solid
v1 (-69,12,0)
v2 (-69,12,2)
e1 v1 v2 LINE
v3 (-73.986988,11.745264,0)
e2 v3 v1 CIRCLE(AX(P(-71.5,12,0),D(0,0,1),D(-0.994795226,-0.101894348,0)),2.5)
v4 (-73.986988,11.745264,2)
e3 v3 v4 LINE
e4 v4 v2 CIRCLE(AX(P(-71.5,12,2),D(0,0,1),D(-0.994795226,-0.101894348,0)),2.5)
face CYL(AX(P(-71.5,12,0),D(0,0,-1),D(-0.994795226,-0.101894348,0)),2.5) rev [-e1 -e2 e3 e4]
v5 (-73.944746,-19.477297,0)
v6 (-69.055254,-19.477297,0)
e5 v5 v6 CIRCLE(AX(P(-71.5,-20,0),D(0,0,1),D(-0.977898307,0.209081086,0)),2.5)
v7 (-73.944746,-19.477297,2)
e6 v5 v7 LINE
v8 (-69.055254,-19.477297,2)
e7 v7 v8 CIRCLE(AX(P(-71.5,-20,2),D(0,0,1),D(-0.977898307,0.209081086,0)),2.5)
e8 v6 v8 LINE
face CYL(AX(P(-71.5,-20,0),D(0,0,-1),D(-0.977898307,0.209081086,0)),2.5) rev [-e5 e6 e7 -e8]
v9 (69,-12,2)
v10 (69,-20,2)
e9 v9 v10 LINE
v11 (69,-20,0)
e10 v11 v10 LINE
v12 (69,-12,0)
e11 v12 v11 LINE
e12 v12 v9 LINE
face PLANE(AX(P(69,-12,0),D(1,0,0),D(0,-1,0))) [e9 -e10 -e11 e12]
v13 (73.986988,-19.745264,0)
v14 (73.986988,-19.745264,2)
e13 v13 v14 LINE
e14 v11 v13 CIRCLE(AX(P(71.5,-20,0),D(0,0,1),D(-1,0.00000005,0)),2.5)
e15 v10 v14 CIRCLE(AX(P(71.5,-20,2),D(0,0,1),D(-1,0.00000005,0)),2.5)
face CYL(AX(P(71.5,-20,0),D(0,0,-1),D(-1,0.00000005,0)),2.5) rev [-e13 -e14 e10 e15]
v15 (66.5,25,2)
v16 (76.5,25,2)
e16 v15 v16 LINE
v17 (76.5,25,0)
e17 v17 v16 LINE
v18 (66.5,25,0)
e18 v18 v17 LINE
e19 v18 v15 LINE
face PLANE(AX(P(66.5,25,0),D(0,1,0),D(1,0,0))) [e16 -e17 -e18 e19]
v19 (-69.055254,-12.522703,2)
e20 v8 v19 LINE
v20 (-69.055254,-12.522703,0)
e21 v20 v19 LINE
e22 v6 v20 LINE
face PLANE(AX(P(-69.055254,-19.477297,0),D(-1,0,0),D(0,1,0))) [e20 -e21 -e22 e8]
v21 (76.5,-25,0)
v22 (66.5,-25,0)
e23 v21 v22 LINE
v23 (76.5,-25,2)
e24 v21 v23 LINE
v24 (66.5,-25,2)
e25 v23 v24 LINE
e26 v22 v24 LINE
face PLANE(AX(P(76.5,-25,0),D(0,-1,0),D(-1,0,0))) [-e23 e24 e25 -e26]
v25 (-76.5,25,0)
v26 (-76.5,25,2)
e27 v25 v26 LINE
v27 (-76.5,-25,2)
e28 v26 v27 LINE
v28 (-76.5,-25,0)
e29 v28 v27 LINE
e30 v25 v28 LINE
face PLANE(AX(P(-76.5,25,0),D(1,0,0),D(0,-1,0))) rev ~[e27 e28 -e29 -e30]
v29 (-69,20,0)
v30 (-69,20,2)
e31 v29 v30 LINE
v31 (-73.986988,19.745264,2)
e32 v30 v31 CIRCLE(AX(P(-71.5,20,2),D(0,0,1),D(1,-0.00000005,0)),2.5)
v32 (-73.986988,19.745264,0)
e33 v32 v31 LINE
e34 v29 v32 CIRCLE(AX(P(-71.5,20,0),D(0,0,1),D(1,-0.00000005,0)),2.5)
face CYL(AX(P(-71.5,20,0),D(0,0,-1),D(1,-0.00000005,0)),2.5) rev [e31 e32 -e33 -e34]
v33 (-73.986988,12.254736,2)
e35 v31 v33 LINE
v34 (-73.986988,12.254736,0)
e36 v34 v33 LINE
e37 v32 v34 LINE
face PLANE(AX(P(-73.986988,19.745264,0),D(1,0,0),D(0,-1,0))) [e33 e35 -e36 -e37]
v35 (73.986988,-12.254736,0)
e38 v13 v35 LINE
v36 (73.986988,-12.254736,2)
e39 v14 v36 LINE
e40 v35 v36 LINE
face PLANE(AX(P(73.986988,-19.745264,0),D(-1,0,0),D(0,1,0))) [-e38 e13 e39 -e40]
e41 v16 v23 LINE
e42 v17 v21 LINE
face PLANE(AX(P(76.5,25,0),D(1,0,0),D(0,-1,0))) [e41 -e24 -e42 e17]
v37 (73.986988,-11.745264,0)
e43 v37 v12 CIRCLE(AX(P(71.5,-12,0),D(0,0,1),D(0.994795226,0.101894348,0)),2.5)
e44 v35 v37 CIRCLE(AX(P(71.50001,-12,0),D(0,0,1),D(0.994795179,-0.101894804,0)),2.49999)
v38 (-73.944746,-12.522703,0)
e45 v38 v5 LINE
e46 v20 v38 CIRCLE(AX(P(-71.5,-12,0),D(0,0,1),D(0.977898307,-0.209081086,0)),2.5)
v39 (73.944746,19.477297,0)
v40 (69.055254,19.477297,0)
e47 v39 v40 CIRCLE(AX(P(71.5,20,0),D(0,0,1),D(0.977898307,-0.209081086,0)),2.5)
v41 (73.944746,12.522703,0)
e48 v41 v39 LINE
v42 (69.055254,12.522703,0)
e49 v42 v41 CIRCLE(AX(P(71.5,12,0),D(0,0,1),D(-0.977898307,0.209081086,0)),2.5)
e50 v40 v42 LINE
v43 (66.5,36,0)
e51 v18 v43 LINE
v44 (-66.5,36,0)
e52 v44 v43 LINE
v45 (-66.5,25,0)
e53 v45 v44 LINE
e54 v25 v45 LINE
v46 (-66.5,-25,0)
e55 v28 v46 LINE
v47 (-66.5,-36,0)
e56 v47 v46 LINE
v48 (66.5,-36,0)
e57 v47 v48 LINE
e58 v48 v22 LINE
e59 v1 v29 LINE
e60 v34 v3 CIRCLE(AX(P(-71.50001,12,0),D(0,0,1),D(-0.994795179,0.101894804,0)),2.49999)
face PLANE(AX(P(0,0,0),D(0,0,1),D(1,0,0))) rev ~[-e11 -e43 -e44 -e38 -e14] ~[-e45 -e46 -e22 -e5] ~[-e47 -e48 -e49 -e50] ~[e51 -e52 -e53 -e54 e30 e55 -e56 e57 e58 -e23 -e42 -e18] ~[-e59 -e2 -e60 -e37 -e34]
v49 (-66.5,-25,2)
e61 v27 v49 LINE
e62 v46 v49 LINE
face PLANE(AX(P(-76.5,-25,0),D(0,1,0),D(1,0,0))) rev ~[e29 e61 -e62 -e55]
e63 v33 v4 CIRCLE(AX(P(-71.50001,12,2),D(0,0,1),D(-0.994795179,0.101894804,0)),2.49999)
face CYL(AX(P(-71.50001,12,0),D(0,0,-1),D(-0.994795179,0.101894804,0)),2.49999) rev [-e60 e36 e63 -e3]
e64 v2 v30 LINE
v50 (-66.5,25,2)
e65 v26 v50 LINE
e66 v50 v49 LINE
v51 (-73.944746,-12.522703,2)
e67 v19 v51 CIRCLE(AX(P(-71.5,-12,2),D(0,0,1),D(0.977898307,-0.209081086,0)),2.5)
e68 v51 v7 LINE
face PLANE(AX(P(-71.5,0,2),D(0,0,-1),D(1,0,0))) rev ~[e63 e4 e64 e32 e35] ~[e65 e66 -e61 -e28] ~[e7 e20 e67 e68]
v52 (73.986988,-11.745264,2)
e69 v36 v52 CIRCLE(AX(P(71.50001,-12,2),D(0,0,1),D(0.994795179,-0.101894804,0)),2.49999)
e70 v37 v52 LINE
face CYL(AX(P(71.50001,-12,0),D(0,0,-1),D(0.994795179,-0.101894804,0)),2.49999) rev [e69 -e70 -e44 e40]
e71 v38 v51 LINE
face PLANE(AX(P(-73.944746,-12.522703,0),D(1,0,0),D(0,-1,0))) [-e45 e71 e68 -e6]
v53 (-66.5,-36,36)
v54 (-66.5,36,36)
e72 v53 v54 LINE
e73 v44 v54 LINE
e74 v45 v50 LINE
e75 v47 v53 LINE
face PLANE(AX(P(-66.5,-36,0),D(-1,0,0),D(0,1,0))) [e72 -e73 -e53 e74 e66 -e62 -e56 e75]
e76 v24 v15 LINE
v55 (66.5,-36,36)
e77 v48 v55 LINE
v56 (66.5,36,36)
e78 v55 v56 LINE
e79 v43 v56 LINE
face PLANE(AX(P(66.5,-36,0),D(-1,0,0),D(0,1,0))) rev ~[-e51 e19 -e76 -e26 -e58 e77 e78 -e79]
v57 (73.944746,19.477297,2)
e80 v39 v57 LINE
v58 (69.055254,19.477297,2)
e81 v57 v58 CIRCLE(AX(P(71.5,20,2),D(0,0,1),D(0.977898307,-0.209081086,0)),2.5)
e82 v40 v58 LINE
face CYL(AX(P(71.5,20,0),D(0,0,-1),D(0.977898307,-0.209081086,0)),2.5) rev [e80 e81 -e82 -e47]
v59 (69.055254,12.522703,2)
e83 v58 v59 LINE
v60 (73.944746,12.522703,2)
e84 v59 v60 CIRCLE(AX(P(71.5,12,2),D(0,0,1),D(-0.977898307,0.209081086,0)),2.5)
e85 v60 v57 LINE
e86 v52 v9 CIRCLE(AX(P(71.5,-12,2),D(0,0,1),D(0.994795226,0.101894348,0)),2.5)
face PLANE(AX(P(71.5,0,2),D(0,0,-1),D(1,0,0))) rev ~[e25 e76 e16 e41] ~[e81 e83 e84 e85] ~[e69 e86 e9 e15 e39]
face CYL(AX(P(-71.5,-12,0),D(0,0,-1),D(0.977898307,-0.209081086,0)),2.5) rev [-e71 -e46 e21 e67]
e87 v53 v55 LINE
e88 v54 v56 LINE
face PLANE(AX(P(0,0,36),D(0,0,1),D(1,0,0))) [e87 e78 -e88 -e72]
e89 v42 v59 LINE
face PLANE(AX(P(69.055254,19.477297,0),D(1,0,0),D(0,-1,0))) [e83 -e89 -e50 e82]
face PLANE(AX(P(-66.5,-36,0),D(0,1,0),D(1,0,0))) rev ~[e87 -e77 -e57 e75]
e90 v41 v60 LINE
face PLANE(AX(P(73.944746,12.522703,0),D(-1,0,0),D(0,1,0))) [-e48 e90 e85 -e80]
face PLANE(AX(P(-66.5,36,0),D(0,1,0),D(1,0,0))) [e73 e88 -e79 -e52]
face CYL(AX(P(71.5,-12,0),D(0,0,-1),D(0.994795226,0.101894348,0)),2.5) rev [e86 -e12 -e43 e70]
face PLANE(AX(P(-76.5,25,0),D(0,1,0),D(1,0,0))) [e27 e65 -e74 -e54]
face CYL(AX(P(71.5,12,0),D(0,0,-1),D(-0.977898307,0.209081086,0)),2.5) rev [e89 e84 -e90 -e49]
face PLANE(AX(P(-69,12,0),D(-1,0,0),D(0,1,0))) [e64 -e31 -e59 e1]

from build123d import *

# Parameters (mm, degrees)
F0_W     = 133
F0_H     = 72
F1_DEPTH = 36
F2_W     = 10
F2_H     = 50
F3_DEPTH = 2
F5_DEPTH = 2


with BuildPart() as f1:
    # F0 (on Top) → F1 (new body)
    with BuildSketch(Plane.XY):
        Rectangle(F0_W, F0_H)
    extrude(amount=F1_DEPTH)

    # F2 (on face) → F3 (join)
    with BuildSketch(Plane(origin=(0, 0, 0), x_dir=(1, 0, 0), z_dir=(0, 0, -1))):
        with Locations((-71.5, 0)):
            Rectangle(F2_W, F2_H)
        with BuildLine():
            ThreePointArc((-69, -20), (-71.627534, -22.496745), (-73.986988, -19.745264))
            Line((-73.986988, -19.745264), (-73.986988, -12.254736))
            ThreePointArc((-73.986988, -12.254736), (-74, -12), (-73.986988, -11.745264))
            ThreePointArc((-73.986988, -11.745264), (-71.372466, -9.503255), (-69, -12))
            Line((-69, -12), (-69, -20))
        make_face(mode=Mode.SUBTRACT)
        with BuildLine():
            ThreePointArc((-73.944746, 19.477297), (-71.5, 22.5), (-69.055254, 19.477297))
            Line((-69.055254, 19.477297), (-69.055254, 12.522703))
            ThreePointArc((-69.055254, 12.522703), (-71.5, 9.5), (-73.944746, 12.522703))
            Line((-73.944746, 12.522703), (-73.944746, 19.477297))
        make_face(mode=Mode.SUBTRACT)
    extrude(amount=-F3_DEPTH)

    # F4 (on face) → F5 (join)
    with BuildSketch(Plane(origin=(0, 0, 0), x_dir=(1, 0, 0), z_dir=(0, 0, -1))):
        Polygon((66.5, 0), (66.5, -25), (76.5, -25), (76.5, 25), (66.5, 25), align=None)
        with BuildLine():
            ThreePointArc((73.944746, -19.477297), (71.5, -22.5), (69.055254, -19.477297))
            Line((69.055254, -19.477297), (69.055254, -12.522703))
            ThreePointArc((69.055254, -12.522703), (71.5, -9.5), (73.944746, -12.522703))
            Line((73.944746, -12.522703), (73.944746, -19.477297))
        make_face(mode=Mode.SUBTRACT)
        with BuildLine():
            ThreePointArc((69, 20), (71.627534, 22.496745), (73.986988, 19.745264))
            Line((73.986988, 19.745264), (73.986988, 12.254736))
            ThreePointArc((73.986988, 12.254736), (74, 12), (73.986988, 11.745264))
            ThreePointArc((73.986988, 11.745264), (71.372466, 9.503255), (69, 12))
            Line((69, 12), (69, 20))
        make_face(mode=Mode.SUBTRACT)
    extrude(amount=-F5_DEPTH)


solid = f1.part
